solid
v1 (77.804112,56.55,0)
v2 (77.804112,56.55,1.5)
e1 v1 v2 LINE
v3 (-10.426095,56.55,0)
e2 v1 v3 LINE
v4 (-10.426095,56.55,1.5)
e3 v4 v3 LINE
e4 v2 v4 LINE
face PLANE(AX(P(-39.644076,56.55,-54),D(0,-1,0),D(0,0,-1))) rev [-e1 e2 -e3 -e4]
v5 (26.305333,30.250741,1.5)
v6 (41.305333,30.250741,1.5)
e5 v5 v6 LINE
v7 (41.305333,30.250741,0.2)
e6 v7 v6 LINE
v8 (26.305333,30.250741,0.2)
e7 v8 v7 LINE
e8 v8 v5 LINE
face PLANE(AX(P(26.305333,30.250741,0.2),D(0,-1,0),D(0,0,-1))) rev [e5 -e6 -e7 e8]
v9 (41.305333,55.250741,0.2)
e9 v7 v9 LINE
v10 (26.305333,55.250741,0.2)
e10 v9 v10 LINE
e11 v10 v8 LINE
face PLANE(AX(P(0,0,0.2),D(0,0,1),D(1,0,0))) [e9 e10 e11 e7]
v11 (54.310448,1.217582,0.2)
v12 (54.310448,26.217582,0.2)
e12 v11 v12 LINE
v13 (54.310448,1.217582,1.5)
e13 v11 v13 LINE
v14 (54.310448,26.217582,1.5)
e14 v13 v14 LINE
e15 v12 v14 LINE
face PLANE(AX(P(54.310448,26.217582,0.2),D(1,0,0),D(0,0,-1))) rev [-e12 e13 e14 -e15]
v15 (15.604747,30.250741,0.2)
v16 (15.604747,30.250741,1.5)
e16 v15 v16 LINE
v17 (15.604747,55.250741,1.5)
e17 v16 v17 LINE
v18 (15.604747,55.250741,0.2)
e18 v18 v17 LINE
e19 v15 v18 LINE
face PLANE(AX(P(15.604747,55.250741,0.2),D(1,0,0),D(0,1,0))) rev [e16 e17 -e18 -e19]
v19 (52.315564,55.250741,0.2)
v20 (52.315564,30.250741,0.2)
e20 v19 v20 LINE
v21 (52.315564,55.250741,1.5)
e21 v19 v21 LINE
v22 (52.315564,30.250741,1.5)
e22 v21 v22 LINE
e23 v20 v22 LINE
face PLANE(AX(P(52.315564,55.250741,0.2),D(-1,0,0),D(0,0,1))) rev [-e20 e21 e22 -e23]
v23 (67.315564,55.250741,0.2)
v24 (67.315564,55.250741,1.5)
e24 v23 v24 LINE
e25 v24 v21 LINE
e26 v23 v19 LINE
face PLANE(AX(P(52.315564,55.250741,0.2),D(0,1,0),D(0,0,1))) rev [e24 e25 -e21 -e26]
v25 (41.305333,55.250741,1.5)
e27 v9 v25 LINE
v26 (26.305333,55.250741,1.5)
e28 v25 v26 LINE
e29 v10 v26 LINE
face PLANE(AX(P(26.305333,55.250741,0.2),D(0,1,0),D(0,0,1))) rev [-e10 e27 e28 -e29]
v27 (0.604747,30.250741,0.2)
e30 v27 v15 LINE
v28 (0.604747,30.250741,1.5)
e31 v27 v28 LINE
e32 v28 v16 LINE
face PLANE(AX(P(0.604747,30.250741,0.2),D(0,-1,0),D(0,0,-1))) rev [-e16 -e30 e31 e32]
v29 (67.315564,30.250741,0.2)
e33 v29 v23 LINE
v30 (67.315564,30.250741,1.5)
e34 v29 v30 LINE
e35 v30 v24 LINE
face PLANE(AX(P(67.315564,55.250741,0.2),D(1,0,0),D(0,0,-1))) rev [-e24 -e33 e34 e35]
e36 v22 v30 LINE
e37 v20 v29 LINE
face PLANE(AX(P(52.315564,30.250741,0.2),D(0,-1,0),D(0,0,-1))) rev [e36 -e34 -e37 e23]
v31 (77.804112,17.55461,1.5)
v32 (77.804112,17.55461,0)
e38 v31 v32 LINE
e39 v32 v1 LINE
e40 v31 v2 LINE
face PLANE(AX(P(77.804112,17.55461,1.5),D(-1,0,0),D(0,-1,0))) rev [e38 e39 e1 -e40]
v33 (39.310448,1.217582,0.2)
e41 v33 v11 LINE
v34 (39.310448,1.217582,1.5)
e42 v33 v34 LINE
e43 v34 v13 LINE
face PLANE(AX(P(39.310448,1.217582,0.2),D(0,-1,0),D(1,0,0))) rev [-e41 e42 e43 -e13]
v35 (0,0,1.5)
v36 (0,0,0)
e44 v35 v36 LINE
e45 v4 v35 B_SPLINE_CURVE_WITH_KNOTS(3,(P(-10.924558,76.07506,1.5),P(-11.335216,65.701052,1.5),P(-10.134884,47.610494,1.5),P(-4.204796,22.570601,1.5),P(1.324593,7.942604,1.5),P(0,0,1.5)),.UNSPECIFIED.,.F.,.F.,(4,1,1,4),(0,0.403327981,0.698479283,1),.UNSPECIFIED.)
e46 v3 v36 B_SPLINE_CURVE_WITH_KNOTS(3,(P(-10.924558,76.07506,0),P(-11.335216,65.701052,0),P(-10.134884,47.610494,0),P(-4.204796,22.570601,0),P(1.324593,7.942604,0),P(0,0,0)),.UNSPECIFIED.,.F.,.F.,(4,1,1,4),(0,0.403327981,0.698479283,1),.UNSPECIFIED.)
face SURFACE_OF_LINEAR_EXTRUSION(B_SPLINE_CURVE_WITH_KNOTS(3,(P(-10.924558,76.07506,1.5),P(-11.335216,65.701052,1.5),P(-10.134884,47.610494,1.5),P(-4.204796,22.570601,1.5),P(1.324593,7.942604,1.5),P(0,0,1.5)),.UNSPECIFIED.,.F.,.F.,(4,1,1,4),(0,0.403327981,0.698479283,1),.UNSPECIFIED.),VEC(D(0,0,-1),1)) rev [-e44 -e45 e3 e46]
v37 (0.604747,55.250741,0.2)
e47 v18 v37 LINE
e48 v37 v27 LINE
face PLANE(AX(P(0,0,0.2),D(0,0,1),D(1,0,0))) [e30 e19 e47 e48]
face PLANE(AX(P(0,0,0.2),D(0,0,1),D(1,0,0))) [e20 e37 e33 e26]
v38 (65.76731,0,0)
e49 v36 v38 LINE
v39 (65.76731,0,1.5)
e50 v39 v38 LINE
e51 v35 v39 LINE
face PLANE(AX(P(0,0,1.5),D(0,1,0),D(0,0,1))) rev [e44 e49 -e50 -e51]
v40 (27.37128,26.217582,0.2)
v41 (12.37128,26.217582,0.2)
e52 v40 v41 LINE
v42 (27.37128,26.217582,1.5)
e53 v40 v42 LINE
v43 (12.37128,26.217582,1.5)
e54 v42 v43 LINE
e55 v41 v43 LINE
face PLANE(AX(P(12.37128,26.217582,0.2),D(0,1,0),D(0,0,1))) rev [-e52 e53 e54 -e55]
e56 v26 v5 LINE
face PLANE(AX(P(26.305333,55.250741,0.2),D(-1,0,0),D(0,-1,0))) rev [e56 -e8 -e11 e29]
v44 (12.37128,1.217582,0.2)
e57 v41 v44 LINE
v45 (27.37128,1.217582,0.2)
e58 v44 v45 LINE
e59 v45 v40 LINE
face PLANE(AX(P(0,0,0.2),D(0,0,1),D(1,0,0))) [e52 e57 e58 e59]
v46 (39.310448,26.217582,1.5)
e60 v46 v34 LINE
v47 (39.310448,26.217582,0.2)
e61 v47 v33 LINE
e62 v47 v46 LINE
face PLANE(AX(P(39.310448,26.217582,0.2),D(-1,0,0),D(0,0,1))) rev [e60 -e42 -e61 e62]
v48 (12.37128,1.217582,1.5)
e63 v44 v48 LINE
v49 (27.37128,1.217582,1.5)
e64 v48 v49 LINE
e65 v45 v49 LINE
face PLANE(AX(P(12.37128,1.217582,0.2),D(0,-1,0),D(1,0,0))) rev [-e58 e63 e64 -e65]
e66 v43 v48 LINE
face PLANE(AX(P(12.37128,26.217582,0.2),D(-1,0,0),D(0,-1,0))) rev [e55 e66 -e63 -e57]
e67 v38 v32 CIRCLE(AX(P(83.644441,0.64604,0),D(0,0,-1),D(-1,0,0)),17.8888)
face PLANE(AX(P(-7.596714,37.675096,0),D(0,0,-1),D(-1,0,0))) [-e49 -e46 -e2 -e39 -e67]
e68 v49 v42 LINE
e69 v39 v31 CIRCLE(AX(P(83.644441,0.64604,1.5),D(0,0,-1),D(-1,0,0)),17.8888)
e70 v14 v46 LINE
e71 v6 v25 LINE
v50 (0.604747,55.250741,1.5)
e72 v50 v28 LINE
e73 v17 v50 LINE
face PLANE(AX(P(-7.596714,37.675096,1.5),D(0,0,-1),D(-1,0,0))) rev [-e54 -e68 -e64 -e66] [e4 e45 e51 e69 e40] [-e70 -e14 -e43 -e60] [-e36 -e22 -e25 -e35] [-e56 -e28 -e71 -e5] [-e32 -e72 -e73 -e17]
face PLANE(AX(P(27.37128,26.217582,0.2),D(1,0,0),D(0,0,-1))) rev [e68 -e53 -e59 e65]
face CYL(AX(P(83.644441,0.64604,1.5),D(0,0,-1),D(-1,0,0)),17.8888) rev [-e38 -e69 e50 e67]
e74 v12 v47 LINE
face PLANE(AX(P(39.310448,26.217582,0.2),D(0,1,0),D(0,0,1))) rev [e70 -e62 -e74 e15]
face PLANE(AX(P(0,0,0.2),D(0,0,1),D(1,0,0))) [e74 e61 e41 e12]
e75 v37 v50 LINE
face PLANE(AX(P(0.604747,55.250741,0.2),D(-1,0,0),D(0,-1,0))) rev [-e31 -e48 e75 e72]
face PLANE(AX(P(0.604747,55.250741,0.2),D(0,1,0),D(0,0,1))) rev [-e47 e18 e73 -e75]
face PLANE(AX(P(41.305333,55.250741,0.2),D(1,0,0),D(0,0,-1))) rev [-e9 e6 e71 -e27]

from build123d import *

# Parameters (mm, degrees)
BOSS_EXTRUDE1_DEPTH = 1.5
SKETCH2_W           = 144.766923913
SKETCH2_H           = 30.83722243
CUT_EXTRUDE1_DEPTH  = 65.5
SKETCH3_W           = 15
SKETCH3_H           = 25
CUT_EXTRUDE2_DEPTH  = 1.3


with BuildPart() as part:
    # Sketch1 → Boss-Extrude1 (new body)
    with BuildSketch(Plane.XY):
        with BuildLine():
            Line((0, 0), (65.76731, 0))
            ThreePointArc((65.76731, 0), (68.890778194, 10.762295293), (77.804111714, 17.55461))
            Line((77.804111714, 17.55461), (77.804111714, 76.07506))
            Line((77.804111714, 76.07506), (-10.924558286, 76.07506))
            add(Edge.make_bspline(
                [(-10.924558286, 76.07506), (-11.335216037, 65.701051621), (-10.134883802, 47.610493724), (-4.204795631, 22.570600883), (1.324592934, 7.942603507), (0, 0)],
                knots=[0, 0, 0, 0, 0.403327981, 0.698479283, 1, 1, 1, 1], degree=3))
        make_face()
    extrude(amount=BOSS_EXTRUDE1_DEPTH)

    # Sketch2 → Cut-Extrude1 (cut)
    with BuildSketch(Plane.XY.offset(11.5)):
        with Locations((32.739385879, 71.968611215)):
            Rectangle(SKETCH2_W, SKETCH2_H)
    extrude(amount=-CUT_EXTRUDE1_DEPTH, mode=Mode.SUBTRACT)

    # Sketch3 → Cut-Extrude2 (cut)
    with BuildSketch(Plane.XY.offset(1.5)):
        with Locations((8.104747285, 42.750740974)):
            Rectangle(SKETCH3_W, SKETCH3_H)
        with Locations((33.805332754, 42.750740974)):
            Rectangle(SKETCH3_W, SKETCH3_H)
        with Locations((59.815563831, 42.750740974)):
            Rectangle(SKETCH3_W, SKETCH3_H)
        with Locations((19.871280391, 13.717582368)):
            Rectangle(SKETCH3_W, SKETCH3_H)
        with Locations((46.810448292, 13.717582368)):
            Rectangle(SKETCH3_W, SKETCH3_H)
    extrude(amount=-CUT_EXTRUDE2_DEPTH, mode=Mode.SUBTRACT)


solid = part.part
